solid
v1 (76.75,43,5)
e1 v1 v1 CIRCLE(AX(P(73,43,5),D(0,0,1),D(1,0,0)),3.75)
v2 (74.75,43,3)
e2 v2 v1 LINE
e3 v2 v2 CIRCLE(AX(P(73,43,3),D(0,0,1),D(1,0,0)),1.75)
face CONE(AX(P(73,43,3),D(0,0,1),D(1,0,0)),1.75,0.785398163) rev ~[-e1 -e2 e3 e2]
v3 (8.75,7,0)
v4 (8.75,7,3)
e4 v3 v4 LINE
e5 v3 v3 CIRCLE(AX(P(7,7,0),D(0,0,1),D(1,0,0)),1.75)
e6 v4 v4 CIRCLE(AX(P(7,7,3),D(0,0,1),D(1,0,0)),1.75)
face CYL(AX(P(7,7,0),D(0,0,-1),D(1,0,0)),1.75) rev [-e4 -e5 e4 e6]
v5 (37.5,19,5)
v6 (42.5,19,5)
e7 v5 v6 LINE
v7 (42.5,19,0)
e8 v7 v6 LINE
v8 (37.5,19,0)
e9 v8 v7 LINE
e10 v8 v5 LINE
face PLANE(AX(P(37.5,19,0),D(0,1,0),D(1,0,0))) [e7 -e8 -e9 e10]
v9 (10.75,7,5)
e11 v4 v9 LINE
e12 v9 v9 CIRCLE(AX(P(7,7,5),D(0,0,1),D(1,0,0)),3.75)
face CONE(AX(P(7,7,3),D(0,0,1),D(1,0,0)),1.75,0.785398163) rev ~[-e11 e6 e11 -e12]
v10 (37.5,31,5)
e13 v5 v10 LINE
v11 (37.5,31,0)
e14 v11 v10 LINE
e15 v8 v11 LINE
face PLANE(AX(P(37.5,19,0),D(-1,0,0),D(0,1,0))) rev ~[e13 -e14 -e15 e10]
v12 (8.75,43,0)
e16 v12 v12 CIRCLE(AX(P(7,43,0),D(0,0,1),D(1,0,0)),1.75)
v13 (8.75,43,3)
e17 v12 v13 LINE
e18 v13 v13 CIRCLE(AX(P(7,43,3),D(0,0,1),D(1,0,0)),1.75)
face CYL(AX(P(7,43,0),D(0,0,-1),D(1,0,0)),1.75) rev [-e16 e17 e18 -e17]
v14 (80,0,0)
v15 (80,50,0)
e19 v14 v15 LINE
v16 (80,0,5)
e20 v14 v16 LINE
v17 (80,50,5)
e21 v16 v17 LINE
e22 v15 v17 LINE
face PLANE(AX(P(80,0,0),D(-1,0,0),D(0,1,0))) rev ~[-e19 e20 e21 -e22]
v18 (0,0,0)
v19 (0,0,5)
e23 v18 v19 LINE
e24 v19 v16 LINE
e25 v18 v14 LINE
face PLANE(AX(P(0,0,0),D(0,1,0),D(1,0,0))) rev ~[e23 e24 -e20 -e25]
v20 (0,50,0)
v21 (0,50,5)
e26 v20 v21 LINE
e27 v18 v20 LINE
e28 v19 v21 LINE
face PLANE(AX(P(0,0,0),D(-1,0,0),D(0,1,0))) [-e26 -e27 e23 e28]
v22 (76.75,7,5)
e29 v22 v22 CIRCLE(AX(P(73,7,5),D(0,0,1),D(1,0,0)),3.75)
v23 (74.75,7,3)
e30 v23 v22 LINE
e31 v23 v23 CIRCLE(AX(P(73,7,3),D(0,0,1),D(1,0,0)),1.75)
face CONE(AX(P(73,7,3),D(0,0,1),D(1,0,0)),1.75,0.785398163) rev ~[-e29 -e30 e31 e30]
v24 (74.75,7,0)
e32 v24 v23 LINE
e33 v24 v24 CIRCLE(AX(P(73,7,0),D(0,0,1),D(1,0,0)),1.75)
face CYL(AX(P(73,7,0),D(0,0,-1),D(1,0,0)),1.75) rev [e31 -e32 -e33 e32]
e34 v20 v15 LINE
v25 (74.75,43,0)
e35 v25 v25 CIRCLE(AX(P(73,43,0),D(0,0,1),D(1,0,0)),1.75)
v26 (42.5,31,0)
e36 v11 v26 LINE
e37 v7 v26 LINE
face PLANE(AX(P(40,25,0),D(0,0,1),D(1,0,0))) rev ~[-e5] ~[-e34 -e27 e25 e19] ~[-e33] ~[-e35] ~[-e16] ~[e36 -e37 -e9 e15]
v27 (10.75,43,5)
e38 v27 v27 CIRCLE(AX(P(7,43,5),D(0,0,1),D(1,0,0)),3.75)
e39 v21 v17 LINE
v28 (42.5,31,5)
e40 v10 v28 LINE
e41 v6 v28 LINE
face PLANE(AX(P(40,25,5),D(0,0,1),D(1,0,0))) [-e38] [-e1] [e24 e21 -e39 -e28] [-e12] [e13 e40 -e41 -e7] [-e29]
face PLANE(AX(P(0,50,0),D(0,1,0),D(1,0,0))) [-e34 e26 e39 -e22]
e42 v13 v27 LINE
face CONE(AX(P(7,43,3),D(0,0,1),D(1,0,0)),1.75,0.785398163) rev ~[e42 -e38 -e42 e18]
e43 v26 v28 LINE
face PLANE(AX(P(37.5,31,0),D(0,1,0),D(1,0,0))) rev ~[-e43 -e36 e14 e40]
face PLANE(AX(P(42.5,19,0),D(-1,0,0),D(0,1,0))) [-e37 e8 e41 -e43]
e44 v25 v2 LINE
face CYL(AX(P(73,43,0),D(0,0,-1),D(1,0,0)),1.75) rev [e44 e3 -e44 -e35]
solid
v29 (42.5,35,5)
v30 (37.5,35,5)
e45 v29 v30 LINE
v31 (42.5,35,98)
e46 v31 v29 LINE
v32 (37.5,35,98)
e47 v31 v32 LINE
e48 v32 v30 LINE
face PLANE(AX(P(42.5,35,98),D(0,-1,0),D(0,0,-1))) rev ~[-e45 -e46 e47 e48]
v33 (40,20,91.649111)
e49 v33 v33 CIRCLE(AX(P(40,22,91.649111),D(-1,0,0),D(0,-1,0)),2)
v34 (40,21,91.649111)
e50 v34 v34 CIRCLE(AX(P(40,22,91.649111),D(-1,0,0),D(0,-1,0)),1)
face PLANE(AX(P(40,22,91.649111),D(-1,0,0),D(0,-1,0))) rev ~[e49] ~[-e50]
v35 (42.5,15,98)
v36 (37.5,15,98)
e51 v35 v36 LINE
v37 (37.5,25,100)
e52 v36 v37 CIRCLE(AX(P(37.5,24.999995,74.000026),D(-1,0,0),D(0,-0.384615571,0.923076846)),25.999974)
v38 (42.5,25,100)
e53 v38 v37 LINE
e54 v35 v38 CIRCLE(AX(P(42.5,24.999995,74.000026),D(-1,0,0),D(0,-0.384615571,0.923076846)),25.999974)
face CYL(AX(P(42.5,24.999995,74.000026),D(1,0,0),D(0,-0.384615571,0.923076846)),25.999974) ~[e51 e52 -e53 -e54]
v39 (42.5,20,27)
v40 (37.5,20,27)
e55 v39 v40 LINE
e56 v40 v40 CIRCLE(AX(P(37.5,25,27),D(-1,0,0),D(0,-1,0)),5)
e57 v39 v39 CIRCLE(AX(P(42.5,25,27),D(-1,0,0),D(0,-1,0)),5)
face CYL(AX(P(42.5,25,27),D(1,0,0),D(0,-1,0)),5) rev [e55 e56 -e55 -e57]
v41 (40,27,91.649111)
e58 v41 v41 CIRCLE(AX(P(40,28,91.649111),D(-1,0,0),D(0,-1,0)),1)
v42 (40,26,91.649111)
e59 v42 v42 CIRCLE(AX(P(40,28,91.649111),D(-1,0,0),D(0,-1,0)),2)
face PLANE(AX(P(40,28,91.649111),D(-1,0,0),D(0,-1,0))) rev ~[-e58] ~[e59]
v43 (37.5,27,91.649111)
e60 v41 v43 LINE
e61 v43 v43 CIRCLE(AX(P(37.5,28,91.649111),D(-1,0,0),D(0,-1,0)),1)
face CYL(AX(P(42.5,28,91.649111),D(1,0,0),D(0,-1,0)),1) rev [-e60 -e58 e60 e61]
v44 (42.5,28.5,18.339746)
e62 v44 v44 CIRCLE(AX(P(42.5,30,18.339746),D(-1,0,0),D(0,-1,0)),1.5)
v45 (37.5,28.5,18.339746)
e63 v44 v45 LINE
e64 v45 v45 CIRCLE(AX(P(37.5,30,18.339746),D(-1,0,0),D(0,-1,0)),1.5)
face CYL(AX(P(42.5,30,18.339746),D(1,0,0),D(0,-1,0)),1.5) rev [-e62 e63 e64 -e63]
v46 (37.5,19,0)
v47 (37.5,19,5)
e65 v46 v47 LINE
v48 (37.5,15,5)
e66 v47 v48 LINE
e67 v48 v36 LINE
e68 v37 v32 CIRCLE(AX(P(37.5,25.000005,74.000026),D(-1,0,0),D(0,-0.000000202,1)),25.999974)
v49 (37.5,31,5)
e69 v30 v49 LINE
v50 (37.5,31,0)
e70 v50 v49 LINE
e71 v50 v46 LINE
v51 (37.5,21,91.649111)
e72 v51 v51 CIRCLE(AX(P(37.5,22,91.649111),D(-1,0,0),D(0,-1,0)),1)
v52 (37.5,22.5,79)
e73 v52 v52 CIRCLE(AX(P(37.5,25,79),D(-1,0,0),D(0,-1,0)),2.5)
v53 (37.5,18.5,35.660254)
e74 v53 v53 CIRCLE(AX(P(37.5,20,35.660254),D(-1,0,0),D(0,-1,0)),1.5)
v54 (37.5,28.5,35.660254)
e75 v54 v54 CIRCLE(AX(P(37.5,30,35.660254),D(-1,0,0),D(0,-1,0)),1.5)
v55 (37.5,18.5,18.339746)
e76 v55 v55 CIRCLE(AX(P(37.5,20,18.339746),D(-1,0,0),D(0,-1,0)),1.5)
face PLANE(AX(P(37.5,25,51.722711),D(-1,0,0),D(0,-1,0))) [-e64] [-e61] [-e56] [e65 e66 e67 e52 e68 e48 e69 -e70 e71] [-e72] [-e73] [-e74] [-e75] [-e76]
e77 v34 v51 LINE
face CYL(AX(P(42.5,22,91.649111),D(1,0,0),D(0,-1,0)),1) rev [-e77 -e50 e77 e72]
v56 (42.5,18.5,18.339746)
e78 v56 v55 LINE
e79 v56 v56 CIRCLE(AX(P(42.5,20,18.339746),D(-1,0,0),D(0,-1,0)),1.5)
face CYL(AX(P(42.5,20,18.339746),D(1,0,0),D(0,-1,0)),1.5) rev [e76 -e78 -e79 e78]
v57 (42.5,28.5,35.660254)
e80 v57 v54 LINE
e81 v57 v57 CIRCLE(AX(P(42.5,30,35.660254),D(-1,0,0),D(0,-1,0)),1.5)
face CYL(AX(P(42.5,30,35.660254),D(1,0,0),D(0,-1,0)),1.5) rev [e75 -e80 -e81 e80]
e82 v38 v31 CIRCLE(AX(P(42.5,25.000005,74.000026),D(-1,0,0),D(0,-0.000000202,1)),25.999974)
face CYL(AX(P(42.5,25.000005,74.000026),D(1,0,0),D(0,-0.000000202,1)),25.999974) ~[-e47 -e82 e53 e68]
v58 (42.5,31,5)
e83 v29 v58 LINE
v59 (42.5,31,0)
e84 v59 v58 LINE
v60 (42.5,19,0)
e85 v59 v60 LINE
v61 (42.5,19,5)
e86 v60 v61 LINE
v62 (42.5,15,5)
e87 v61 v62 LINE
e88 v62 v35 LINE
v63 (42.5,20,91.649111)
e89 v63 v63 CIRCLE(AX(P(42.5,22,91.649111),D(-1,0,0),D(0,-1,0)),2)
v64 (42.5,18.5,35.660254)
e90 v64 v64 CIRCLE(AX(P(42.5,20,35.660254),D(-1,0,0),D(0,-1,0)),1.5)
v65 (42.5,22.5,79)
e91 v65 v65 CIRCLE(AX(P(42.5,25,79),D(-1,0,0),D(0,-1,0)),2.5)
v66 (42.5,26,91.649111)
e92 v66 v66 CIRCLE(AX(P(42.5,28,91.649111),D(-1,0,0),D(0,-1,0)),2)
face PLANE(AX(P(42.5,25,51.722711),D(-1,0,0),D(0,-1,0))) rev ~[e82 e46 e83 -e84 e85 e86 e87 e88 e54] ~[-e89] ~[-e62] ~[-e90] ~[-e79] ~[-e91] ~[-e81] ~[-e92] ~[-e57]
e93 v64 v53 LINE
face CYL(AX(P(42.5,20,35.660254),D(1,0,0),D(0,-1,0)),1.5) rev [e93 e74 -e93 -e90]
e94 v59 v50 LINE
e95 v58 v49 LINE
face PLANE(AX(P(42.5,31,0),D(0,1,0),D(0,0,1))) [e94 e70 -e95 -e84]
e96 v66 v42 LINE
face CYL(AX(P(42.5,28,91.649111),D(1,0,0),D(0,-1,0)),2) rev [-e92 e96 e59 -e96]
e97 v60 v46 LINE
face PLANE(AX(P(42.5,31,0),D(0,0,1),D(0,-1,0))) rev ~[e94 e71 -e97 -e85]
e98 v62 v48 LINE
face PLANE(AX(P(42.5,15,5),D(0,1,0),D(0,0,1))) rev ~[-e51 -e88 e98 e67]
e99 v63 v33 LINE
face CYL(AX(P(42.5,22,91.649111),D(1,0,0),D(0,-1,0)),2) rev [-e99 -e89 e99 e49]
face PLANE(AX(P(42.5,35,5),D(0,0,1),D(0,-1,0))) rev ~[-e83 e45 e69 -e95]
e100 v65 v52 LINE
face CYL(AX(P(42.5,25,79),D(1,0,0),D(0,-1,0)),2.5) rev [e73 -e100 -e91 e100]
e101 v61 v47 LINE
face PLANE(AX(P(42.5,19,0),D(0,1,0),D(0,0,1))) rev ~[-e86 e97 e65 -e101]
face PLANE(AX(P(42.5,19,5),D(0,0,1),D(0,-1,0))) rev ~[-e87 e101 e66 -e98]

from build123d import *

# Parameters (mm, degrees)
F0_W     = 80
F0_H     = 50
F0_R     = 1.75
F0_W_2   = 5
F0_H_2   = 12
F1_DEPTH = 5
F2_SIZE  = 2
F3_R     = 1.5
F3_R_2   = 5
F3_R_3   = 2
F3_R_4   = 2.5
F3_W     = 12
F3_H     = 5
F3_R_5   = 1
F4_DEPTH = 5
F5_DEPTH = 2.5


with BuildPart() as f1:
    # F0 (on Top) → F1 (new body)
    with BuildSketch(Plane.XY):
        with Locations((40, 25)):
            Rectangle(F0_W, F0_H)
        with Locations((7, 7)):
            Circle(F0_R, mode=Mode.SUBTRACT)
        with Locations((73, 7)):
            Circle(F0_R, mode=Mode.SUBTRACT)
        with Locations((7, 43)):
            Circle(F0_R, mode=Mode.SUBTRACT)
        with Locations((40, 25)):
            Rectangle(F0_W_2, F0_H_2, mode=Mode.SUBTRACT)
        with Locations((73, 43)):
            Circle(F0_R, mode=Mode.SUBTRACT)
    extrude(amount=F1_DEPTH)

    # F2
    f2_edges = [f1.edges().sort_by_distance(p)[0] for p in [
        (5.25, 43, 5),
        (71.25, 43, 5),
        (71.25, 7, 5),
        (5.25, 7, 5),
    ]]
    chamfer(f2_edges, length=F2_SIZE)


with BuildPart() as f4:
    # F3 (on face) → F4 (new body)
    with BuildSketch(Plane(origin=(42.5, 0, 0), x_dir=(0, -1, 0), z_dir=(-1, 0, 0))):
        with BuildLine():
            Line((-35, 5), (-31, 5))
            Line((-31, 5), (-19, 5))
            Line((-19, 5), (-15, 5))
            Line((-15, 5), (-15, 98))
            ThreePointArc((-15, 98), (-19.90098, 99.495098), (-25, 100))
            ThreePointArc((-25, 100), (-30.09902, 99.495098), (-35, 98))
            Line((-35, 98), (-35, 5))
        make_face()
        with Locations((-30, 18.339746)):
            Circle(F3_R, mode=Mode.SUBTRACT)
        with Locations((-30, 35.660254)):
            Circle(F3_R, mode=Mode.SUBTRACT)
        with Locations((-20, 18.339746)):
            Circle(F3_R, mode=Mode.SUBTRACT)
        with Locations((-25, 27)):
            Circle(F3_R_2, mode=Mode.SUBTRACT)
        with Locations((-20, 35.660254)):
            Circle(F3_R, mode=Mode.SUBTRACT)
        with Locations((-28, 91.649111)):
            Circle(F3_R_3, mode=Mode.SUBTRACT)
        with Locations((-25, 79)):
            Circle(F3_R_4, mode=Mode.SUBTRACT)
        with Locations((-22, 91.649111)):
            Circle(F3_R_3, mode=Mode.SUBTRACT)
        with Locations((-25, 2.5)):
            Rectangle(F3_W, F3_H)
        with Locations((-22, 91.649111)):
            Circle(F3_R_3)
        with Locations((-22, 91.649111)):
            Circle(F3_R_5, mode=Mode.SUBTRACT)
        with Locations((-28, 91.649111)):
            Circle(F3_R_3)
        with Locations((-28, 91.649111)):
            Circle(F3_R_5, mode=Mode.SUBTRACT)
    extrude(amount=F4_DEPTH)

    # F3 (on face) → F5 (cut)
    with BuildSketch(Plane(origin=(42.5, 0, 0), x_dir=(0, -1, 0), z_dir=(-1, 0, 0))):
        with Locations((-22, 91.649111)):
            Circle(F3_R_3)
        with Locations((-22, 91.649111)):
            Circle(F3_R_5, mode=Mode.SUBTRACT)
        with Locations((-28, 91.649111)):
            Circle(F3_R_3)
        with Locations((-28, 91.649111)):
            Circle(F3_R_5, mode=Mode.SUBTRACT)
    extrude(amount=F5_DEPTH, mode=Mode.SUBTRACT)


solid = Compound([f1.part, f4.part])
